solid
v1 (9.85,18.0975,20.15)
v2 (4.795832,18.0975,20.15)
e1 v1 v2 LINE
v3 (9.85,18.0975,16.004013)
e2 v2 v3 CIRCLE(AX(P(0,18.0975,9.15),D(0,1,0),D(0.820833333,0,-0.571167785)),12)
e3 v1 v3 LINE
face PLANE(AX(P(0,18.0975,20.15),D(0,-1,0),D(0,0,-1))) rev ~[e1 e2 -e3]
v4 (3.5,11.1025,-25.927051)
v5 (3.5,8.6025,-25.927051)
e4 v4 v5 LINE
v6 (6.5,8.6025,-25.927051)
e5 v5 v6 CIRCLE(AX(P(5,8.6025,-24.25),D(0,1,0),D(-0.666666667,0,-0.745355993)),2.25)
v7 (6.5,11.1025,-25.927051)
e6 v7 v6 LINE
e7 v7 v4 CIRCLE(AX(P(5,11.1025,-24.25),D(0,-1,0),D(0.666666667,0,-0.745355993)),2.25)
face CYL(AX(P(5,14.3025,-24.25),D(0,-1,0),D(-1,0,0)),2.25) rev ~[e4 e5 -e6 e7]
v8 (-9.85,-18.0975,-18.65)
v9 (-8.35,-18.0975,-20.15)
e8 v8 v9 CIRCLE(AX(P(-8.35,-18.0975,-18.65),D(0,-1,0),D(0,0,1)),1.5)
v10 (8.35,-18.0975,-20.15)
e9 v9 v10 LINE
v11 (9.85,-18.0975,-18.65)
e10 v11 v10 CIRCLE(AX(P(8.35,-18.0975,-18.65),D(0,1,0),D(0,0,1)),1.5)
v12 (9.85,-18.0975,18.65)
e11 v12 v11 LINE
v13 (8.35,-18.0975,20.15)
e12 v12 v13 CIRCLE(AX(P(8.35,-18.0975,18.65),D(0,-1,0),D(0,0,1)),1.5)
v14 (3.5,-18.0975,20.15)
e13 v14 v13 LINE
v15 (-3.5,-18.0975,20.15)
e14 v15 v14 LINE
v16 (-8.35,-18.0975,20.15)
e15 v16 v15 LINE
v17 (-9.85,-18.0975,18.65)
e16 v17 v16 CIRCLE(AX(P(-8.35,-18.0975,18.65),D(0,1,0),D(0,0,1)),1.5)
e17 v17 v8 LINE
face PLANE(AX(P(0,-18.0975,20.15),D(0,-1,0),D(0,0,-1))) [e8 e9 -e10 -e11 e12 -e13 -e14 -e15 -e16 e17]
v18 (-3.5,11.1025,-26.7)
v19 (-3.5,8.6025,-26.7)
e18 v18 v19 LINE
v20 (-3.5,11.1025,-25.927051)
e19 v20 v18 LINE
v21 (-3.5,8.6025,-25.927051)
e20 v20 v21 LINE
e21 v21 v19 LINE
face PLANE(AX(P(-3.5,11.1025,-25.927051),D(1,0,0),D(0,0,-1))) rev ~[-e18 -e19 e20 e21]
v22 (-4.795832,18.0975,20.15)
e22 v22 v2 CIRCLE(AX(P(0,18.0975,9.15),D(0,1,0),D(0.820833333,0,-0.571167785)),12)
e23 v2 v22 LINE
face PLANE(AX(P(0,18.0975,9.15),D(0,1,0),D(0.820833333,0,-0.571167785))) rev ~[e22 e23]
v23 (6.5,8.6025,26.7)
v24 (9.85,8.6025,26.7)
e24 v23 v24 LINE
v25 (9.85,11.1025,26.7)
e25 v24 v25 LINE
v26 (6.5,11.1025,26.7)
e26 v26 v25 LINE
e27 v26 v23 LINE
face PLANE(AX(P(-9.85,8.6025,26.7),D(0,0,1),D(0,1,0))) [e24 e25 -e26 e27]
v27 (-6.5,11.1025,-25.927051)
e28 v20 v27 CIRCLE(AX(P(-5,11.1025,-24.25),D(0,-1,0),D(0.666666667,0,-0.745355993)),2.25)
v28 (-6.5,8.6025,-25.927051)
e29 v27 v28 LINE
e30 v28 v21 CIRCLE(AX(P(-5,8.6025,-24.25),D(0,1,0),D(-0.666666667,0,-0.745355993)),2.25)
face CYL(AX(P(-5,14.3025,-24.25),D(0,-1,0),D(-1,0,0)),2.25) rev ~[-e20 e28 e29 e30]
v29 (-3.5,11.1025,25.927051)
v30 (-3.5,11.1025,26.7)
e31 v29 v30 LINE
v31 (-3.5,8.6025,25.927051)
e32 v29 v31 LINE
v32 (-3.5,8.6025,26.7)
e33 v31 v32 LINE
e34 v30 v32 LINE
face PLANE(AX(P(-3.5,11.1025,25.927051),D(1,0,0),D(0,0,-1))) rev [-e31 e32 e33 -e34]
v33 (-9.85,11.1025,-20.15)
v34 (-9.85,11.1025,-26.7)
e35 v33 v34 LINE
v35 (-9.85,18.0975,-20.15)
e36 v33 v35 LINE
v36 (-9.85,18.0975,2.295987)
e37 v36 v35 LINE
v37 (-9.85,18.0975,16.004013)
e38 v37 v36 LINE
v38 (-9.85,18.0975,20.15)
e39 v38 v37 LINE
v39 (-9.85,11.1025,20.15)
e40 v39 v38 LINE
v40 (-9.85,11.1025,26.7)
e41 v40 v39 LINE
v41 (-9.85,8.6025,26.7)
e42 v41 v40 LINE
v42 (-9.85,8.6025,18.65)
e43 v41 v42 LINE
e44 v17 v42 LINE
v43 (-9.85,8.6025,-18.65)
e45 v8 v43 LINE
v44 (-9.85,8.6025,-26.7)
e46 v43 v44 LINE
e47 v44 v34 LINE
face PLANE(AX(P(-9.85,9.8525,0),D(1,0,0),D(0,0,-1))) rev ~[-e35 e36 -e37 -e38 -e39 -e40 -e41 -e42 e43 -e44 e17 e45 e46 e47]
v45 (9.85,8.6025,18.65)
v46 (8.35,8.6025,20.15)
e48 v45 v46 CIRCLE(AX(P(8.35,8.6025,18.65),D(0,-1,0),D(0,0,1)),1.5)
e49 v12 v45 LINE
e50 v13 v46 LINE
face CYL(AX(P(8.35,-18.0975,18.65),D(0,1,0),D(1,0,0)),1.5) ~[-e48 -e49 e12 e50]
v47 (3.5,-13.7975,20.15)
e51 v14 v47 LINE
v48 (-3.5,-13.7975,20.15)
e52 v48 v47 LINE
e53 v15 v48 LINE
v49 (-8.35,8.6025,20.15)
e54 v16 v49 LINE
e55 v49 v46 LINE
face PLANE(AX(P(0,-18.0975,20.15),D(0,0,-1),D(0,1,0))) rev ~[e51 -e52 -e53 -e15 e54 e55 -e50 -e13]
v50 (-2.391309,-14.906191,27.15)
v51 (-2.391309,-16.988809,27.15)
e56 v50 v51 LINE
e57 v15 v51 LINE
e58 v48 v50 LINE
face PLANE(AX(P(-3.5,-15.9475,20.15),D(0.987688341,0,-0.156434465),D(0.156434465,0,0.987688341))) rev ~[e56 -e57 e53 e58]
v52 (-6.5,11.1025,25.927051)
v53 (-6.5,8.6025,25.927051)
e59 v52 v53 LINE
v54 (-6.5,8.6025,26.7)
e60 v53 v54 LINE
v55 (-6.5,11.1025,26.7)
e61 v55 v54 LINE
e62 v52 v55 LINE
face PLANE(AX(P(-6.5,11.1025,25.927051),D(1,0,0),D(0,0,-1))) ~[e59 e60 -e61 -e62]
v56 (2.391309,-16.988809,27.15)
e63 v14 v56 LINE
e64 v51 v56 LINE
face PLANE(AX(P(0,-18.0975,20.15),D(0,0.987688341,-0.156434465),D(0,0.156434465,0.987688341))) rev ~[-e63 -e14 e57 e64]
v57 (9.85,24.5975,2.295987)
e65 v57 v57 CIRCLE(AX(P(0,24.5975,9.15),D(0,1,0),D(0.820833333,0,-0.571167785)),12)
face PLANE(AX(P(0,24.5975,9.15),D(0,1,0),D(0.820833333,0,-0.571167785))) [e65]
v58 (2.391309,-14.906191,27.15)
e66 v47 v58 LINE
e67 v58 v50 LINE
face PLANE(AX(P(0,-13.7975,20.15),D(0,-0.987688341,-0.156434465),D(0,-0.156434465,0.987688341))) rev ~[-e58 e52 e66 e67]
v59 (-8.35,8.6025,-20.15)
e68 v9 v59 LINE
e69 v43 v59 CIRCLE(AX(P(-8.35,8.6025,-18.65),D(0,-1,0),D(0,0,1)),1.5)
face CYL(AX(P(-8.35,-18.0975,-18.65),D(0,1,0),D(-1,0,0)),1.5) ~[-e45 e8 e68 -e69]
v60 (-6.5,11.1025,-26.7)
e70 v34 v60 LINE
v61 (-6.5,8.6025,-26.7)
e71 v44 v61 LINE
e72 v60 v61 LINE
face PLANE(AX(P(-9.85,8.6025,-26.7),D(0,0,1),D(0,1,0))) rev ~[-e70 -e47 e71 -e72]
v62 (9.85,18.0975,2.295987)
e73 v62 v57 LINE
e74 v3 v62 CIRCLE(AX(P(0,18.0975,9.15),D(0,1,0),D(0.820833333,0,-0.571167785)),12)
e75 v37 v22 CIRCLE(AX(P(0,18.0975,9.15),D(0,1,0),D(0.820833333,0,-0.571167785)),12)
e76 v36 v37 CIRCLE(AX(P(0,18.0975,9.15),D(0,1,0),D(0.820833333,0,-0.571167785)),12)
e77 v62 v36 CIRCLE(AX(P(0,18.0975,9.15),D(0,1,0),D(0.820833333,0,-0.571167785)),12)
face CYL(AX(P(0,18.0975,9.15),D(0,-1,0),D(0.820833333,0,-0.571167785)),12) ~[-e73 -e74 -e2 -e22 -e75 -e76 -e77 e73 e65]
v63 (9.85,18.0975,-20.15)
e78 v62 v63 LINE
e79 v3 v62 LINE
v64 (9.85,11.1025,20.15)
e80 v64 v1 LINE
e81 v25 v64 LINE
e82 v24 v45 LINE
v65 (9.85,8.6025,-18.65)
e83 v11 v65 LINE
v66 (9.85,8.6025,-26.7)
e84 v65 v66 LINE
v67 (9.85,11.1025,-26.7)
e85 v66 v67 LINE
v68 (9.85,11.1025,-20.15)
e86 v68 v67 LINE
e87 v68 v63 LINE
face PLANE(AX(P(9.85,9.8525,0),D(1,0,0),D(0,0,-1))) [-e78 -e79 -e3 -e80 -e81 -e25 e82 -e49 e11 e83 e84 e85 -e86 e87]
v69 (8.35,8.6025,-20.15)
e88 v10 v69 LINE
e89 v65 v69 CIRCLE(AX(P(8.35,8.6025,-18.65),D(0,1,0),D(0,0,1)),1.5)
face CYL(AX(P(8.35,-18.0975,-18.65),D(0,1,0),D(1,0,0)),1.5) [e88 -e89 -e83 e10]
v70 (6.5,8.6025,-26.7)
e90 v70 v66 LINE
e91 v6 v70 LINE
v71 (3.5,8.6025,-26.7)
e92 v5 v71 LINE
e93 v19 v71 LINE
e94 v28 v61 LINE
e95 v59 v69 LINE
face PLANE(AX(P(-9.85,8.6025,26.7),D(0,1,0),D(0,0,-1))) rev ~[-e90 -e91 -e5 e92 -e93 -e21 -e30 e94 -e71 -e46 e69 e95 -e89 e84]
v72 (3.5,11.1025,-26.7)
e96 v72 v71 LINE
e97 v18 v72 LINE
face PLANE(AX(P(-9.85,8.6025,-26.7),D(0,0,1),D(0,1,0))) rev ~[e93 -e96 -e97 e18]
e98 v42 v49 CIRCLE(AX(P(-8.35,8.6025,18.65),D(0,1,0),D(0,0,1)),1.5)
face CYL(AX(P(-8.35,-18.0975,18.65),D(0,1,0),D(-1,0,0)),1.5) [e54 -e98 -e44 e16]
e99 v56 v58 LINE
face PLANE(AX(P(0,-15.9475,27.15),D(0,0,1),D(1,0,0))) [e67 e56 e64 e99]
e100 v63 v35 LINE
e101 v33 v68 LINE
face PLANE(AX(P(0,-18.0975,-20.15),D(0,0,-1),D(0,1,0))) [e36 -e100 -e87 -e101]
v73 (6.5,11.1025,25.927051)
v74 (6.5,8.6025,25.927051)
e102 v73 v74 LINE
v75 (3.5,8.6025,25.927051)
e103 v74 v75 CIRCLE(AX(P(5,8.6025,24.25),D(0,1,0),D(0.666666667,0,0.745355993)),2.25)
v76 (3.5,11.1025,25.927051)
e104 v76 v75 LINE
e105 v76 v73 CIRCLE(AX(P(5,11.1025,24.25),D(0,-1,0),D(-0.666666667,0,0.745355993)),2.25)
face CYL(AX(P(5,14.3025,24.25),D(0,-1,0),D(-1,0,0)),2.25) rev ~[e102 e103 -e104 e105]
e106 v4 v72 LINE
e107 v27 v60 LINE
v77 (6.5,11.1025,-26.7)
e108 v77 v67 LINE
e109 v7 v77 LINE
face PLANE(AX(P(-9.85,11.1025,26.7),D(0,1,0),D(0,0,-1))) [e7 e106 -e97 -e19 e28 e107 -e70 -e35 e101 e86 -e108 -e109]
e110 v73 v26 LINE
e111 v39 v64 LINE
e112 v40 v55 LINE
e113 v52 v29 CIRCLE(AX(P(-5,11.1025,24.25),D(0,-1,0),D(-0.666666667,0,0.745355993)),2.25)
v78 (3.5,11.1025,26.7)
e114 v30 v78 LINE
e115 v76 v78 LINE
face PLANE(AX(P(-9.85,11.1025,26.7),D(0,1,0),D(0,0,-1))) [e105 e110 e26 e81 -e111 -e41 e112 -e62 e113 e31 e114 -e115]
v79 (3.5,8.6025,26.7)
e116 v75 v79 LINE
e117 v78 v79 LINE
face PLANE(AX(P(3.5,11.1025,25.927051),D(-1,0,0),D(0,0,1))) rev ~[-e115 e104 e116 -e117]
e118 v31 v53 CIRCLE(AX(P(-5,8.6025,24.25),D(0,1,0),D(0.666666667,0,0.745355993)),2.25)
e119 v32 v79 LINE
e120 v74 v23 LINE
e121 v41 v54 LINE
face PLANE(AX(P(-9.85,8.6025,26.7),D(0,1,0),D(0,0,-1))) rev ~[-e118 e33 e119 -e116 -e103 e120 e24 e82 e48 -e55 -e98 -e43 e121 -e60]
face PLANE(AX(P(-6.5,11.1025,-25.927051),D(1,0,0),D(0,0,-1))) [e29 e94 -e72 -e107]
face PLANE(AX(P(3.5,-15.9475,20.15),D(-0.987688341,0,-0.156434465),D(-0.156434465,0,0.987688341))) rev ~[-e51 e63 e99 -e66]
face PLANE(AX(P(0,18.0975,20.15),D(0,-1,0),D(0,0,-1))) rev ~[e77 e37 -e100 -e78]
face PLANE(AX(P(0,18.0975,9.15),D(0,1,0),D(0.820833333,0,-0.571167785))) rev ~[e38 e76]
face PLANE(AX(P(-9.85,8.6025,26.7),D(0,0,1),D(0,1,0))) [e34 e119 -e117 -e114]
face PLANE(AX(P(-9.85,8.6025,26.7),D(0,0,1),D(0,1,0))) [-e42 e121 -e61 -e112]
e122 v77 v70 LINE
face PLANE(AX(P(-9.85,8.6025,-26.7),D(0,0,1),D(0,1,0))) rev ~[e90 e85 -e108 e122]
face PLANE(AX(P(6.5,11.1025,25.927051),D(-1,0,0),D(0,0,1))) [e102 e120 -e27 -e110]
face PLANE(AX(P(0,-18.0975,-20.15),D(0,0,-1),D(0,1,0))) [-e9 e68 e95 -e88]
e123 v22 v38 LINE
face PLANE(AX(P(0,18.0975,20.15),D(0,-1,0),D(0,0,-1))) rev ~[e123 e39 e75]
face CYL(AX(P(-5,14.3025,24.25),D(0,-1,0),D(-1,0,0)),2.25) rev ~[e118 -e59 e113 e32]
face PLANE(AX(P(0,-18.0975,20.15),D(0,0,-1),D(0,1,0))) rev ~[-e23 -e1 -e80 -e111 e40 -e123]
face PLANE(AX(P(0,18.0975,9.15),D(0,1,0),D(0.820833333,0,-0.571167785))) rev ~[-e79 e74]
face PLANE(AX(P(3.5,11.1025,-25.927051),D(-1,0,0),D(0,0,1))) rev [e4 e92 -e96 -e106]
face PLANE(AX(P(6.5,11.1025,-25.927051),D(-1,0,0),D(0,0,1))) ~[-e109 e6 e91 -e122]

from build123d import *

# Parameters (mm, degrees)
ESQUISSE1_W                         = 40.3
ESQUISSE1_H                         = 36.195
BOSS_EXTRU_1_DEPTH                  = 9.85
ESQUISSE2_W                         = 53.4
ESQUISSE2_H                         = 2.5
BOSS_EXTRU_2_DEPTH                  = 19.7
ESQUISSE3_R                         = 12
BOSS_EXTRU_3_DEPTH                  = 6.5
ESQUISSE5_W                         = 7
ESQUISSE5_H                         = 4.3
BOSS_EXTRU_4_DEPTH                  = 7
BOSS_EXTRU_4_TAPER                  = 9
DIAM_TRE_DU_PER_AGE_4_5_4_5_1_D     = 4.5
DIAM_TRE_DU_PER_AGE_4_5_4_5_1_DEPTH = 3.2
DIAM_TRE_DU_PER_AGE_4_5_4_5_1_TIP   = 1.351936393
ESQUISSE9_W                         = 3
ESQUISSE9_H                         = 0.772949017
ENL_V_MAT_EXTRU_1_DEPTH             = 42.638473795
SYM_TRIE2_COPY_1_SKETCH_W           = 3
SYM_TRIE2_COPY_1_SKETCH_H           = 0.772949017
SYM_TRIE2_COPY_1_DEPTH              = 42.638473795
CONG_1_R                            = 1.5


with BuildPart() as part:
    # Esquisse1 → Boss.-Extru.1 (new, symmetric)
    with BuildSketch(Plane(origin=(0, 0, 0), x_dir=(0, 0, -1), z_dir=(1, 0, 0))):
        Rectangle(ESQUISSE1_W, ESQUISSE1_H)
    extrude(amount=BOSS_EXTRU_1_DEPTH, both=True)

    # Esquisse2 → Boss.-Extru.2 (add)
    with BuildSketch(Plane(origin=(-9.85, 0, 0), x_dir=(0, 0, -1), z_dir=(1, 0, 0))):
        with Locations((0, 9.8525)):
            Rectangle(ESQUISSE2_W, ESQUISSE2_H)
    extrude(amount=BOSS_EXTRU_2_DEPTH)

    # Esquisse3 → Boss.-Extru.3 (add)
    with BuildSketch(Plane(origin=(0, 18.0975, 0), x_dir=(1, 0, 0), z_dir=(0, 1, 0))):
        with Locations(Location((0, -9.15, 0), (0, 0, 34.831699177))):
            Circle(ESQUISSE3_R)
    extrude(amount=BOSS_EXTRU_3_DEPTH)

    # Esquisse5 → Boss.-Extru.4 (add)
    with BuildSketch(Plane.XY.offset(20.15)):
        with Locations((0, -15.9475)):
            Rectangle(ESQUISSE5_W, ESQUISSE5_H)
    extrude(amount=BOSS_EXTRU_4_DEPTH, taper=BOSS_EXTRU_4_TAPER)

    # Diamètre du perçage Ø4.5 (4.5)1
    with Locations(Plane(origin=(0, 11.1025, 0), x_dir=(1, 0, 0), z_dir=(0, 1, 0))):
        with Locations((5, 24.25), (-5, 24.25), (5, -24.25), (-5, -24.25)):
            Hole(DIAM_TRE_DU_PER_AGE_4_5_4_5_1_D / 2, depth=DIAM_TRE_DU_PER_AGE_4_5_4_5_1_DEPTH)
            with Locations((0, 0, -(DIAM_TRE_DU_PER_AGE_4_5_4_5_1_DEPTH + DIAM_TRE_DU_PER_AGE_4_5_4_5_1_TIP / 2))):  # 118° drill point
                Cone(0, DIAM_TRE_DU_PER_AGE_4_5_4_5_1_D / 2, DIAM_TRE_DU_PER_AGE_4_5_4_5_1_TIP, mode=Mode.SUBTRACT)

    # Esquisse9 → Enlèv. mat.-Extru.1 (cut, through all)
    with BuildSketch(Plane(origin=(0, 11.1025, 0), x_dir=(1, 0, 0), z_dir=(0, 1, 0))):
        with Locations((-5, 26.313525492)):
            Rectangle(ESQUISSE9_W, ESQUISSE9_H)
    enl_v_mat_extru_1 = extrude(amount=-ENL_V_MAT_EXTRU_1_DEPTH, mode=Mode.SUBTRACT)

    # Symétrie1: Enlèv. mat.-Extru.1 across plane
    add(enl_v_mat_extru_1.mirror(Plane(origin=(0, 0, 0), x_dir=(0, 0, 1), z_dir=(1, 0, 0))), mode=Mode.SUBTRACT)

    # Symétrie2: Enlèv. mat.-Extru.1 across plane
    add(enl_v_mat_extru_1.mirror(Plane.XY), mode=Mode.SUBTRACT)

    # Symétrie2 copy 1 sketch → Symétrie2 copy 1 (cut, through all)
    with BuildSketch(Plane(origin=(0, 11.1025, 0), x_dir=(-1, 0, 0), z_dir=(0, 1, 0))):
        with Locations((-5, 26.313525492)):
            Rectangle(SYM_TRIE2_COPY_1_SKETCH_W, SYM_TRIE2_COPY_1_SKETCH_H)
    extrude(amount=-SYM_TRIE2_COPY_1_DEPTH, mode=Mode.SUBTRACT)

    # Congé1
    cong_1_edges = [part.edges().sort_by_distance(p)[0] for p in [
        (-9.85, -4.7475, 20.15),
        (9.85, -4.7475, 20.15),
        (9.85, -4.7475, -20.15),
        (-9.85, -4.7475, -20.15),
    ]]
    fillet(cong_1_edges, radius=CONG_1_R)


solid = part.part
